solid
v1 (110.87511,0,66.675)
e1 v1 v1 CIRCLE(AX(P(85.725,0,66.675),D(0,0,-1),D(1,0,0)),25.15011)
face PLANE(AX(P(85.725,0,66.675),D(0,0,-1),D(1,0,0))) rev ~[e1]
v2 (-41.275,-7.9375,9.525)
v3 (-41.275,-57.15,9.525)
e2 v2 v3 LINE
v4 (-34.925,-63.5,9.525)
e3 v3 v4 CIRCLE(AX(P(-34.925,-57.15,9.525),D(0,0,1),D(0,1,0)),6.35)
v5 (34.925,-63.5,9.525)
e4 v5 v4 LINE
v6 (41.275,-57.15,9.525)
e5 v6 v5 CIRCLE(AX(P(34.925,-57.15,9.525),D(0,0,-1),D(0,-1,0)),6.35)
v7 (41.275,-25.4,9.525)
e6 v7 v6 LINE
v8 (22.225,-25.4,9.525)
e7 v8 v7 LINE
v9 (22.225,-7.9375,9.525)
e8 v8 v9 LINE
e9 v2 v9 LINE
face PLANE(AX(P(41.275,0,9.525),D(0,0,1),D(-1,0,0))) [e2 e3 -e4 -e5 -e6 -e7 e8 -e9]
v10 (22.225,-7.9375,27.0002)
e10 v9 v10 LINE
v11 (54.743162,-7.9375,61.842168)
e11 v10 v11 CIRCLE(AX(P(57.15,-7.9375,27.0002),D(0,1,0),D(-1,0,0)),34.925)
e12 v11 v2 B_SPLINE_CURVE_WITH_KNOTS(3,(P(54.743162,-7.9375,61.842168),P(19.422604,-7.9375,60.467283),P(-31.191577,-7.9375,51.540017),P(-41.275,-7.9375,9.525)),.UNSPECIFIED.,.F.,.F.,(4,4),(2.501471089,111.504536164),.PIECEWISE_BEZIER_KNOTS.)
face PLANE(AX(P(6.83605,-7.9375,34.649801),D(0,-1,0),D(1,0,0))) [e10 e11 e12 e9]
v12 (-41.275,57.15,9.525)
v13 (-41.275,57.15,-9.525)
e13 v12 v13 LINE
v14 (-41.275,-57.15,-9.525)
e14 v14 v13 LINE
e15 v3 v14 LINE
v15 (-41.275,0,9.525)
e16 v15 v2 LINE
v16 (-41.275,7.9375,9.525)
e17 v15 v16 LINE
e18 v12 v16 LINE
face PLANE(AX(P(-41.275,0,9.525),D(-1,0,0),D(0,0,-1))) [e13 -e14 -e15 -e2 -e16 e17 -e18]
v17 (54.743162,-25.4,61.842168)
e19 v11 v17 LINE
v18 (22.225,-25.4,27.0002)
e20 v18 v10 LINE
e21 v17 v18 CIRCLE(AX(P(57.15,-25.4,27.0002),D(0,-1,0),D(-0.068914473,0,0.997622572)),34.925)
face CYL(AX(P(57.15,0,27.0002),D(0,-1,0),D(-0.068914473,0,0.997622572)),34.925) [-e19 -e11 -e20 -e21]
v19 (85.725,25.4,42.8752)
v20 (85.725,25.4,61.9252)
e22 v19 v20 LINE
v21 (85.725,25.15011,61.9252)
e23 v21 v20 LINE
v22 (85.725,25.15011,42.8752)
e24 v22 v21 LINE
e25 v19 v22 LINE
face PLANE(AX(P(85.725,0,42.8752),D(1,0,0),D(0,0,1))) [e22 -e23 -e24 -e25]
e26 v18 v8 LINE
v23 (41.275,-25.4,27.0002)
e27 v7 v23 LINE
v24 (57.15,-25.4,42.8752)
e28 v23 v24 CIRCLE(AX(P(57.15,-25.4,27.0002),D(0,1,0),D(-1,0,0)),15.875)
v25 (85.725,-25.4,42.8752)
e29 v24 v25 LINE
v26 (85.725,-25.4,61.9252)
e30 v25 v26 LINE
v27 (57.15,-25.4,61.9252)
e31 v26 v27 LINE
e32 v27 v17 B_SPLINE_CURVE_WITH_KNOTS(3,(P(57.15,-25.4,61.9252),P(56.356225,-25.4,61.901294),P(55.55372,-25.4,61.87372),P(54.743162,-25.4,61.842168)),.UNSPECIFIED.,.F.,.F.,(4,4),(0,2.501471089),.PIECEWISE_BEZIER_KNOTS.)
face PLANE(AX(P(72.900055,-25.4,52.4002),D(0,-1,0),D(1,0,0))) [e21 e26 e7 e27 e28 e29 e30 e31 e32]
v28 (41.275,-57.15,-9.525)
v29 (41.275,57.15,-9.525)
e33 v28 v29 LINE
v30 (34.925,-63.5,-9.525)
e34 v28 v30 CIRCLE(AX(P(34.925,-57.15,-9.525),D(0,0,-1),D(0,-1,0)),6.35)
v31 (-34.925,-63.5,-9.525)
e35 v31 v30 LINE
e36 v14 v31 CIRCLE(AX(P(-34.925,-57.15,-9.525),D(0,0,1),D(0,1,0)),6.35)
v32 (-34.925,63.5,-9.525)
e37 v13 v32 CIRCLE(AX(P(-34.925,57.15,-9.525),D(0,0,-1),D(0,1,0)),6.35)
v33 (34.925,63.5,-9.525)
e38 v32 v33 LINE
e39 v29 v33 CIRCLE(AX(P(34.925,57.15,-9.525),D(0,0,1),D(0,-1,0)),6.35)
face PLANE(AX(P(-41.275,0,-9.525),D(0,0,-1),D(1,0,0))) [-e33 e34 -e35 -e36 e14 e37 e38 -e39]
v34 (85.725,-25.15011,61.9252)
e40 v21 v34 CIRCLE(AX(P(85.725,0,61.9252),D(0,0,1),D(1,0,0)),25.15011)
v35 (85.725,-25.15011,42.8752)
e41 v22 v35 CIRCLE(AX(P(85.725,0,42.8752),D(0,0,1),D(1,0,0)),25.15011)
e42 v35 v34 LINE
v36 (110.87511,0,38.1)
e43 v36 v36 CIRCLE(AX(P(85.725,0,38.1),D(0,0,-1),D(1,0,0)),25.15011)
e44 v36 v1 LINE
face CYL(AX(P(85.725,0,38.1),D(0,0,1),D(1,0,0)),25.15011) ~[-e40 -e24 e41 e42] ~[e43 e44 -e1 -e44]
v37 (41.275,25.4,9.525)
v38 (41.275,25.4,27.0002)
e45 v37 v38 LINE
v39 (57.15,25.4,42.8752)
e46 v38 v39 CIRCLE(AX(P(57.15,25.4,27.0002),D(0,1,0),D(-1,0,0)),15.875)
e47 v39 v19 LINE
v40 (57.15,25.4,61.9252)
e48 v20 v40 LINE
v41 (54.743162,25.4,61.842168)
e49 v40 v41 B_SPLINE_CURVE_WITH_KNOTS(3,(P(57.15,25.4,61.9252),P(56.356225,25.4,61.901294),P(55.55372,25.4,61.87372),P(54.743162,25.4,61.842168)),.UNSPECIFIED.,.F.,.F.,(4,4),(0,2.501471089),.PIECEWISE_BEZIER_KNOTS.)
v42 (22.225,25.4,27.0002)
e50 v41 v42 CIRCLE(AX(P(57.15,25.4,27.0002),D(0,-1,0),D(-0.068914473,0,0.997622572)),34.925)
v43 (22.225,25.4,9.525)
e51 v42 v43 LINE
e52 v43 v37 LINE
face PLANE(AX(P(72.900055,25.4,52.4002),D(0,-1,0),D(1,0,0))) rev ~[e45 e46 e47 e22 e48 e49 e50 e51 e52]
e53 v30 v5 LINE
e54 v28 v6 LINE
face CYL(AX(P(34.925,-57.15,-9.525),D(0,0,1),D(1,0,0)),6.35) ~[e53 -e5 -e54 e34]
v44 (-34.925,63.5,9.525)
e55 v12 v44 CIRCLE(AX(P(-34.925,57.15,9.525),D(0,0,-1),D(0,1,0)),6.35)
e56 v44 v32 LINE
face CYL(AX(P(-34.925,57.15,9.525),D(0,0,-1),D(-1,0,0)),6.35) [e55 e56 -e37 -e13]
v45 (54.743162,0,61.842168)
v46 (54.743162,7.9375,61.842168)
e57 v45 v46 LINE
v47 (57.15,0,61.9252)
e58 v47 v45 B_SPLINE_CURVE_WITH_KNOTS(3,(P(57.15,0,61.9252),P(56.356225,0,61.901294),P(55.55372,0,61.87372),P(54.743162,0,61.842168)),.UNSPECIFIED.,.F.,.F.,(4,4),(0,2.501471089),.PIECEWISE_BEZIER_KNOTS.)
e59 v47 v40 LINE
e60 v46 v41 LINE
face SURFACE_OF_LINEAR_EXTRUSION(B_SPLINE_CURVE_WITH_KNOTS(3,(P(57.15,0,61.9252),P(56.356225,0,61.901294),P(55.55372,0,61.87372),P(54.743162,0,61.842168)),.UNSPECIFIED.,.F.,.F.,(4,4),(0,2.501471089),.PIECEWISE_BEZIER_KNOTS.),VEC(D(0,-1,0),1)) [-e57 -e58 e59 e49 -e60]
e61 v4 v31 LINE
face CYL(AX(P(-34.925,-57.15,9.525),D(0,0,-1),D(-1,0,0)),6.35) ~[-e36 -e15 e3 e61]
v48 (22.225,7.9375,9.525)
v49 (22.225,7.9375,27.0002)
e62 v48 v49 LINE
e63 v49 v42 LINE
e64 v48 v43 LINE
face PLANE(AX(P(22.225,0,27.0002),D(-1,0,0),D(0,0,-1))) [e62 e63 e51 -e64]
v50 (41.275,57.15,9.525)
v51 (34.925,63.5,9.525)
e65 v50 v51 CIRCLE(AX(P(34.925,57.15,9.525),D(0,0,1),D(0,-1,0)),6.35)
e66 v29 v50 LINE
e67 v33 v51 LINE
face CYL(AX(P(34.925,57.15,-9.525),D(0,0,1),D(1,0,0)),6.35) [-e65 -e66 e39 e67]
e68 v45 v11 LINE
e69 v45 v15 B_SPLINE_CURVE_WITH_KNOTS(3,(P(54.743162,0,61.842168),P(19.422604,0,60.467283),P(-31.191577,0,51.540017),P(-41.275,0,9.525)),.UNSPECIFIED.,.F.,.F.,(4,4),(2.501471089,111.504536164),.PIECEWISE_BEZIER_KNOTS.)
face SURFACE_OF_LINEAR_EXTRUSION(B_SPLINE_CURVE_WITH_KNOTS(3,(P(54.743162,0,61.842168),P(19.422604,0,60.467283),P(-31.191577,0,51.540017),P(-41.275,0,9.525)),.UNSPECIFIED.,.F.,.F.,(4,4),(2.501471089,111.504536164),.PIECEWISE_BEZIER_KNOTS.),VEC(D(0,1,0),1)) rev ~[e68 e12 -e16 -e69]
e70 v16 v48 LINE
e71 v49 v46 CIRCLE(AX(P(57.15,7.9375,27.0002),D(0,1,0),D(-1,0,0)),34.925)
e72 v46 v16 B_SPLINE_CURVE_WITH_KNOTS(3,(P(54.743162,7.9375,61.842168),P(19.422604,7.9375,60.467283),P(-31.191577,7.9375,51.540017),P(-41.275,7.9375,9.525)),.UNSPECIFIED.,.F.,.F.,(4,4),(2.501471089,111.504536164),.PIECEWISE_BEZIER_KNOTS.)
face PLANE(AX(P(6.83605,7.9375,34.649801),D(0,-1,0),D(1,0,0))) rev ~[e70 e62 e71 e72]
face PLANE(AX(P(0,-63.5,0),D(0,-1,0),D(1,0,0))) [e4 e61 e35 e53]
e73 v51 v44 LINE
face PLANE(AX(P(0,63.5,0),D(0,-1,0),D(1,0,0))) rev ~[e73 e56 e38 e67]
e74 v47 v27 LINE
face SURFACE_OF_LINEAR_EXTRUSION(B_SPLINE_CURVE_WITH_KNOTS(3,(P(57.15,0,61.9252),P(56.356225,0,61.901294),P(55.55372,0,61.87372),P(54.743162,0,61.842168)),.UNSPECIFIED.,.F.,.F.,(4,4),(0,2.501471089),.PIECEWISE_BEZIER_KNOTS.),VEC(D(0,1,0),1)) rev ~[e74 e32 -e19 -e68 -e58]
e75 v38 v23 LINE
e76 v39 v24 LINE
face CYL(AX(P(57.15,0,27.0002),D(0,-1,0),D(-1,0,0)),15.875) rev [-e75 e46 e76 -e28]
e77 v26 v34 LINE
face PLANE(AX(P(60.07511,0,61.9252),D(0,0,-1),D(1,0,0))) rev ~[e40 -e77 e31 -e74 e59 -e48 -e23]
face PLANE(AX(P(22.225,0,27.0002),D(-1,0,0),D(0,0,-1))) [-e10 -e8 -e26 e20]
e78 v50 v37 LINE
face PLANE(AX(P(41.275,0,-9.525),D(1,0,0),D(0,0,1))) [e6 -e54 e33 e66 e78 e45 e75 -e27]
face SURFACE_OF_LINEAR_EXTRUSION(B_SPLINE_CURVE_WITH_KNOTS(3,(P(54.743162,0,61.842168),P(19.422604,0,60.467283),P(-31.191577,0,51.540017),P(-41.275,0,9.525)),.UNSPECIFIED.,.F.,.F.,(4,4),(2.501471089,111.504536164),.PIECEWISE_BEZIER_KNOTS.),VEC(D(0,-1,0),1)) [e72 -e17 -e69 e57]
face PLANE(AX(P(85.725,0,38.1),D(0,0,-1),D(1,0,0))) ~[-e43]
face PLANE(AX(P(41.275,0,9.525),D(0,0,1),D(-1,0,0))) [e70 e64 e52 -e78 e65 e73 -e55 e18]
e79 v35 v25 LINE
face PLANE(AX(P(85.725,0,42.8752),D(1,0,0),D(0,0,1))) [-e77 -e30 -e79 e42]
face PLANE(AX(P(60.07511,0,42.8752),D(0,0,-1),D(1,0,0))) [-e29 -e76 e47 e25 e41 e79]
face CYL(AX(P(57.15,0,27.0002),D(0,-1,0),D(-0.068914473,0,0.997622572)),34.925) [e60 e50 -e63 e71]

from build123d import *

# Parameters (mm, degrees)
F1_DEPTH = 63.5
F2_DEPTH = 25.4
F3_DEPTH = 7.9375
F0_W     = 25.6498904824
F0_H     = 19.05
F4_DEPTH = 25.4
F6_R     = 6.35


with BuildPart() as f1:
    # F0 (on Front) → F1 (new body, symmetric)
    with BuildSketch(Plane.XZ):
        Polygon((41.275, -9.525), (41.275, 9.525), (22.225, 9.525), (-41.275, 9.525), (-41.275, -9.525), align=None)
    extrude(amount=F1_DEPTH, both=True)

    # F0 (on Front) → F2 (join, symmetric)
    with BuildSketch(Plane.XZ):
        with BuildLine():
            Line((22.225, 9.525), (41.275, 9.525))
            Line((41.275, 9.525), (41.275, 27.0002))
            ThreePointArc((41.275, 27.0002), (45.9246798487, 38.2255201513), (57.15, 42.8752))
            Line((57.15, 42.8752), (60.0751095176, 42.8752))
            Line((60.0751095176, 42.8752), (60.0751095176, 61.9252))
            Line((60.0751095176, 61.9252), (57.15, 61.9252))
            add(Edge.make_bspline(
                [(57.15, 61.9252), (56.3562246921, 61.9012944132), (55.5537204814, 61.8737200554), (54.7431620422, 61.8421683147)],
                knots=[0, 0, 0, 0, 2.5014710885, 2.5014710885, 2.5014710885, 2.5014710885], degree=3))
            ThreePointArc((54.7431620422, 61.8421683147), (31.617526161, 50.8297699639), (22.225, 27.0002))
            Line((22.225, 27.0002), (22.225, 9.525))
        make_face()
    extrude(amount=F2_DEPTH, both=True)

    # F0 (on Front) → F3 (join, symmetric)
    with BuildSketch(Plane.XZ):
        with BuildLine():
            Line((-41.275, 9.525), (22.225, 9.525))
            Line((22.225, 9.525), (22.225, 27.0002))
            ThreePointArc((22.225, 27.0002), (31.617526161, 50.8297699639), (54.7431620422, 61.8421683147))
            add(Edge.make_bspline(
                [(54.7431620422, 61.8421683147), (19.4226041922, 60.4672827696), (-31.1915768934, 51.5400171012), (-41.275, 9.525)],
                knots=[2.5014710885, 2.5014710885, 2.5014710885, 2.5014710885, 111.5045361635, 111.5045361635, 111.5045361635, 111.5045361635], degree=3))
        make_face()
    extrude(amount=F3_DEPTH, both=True)

    # F0 (on Front) → F4 (join, symmetric)
    with BuildSketch(Plane.XZ):
        with Locations((72.9000547588, 52.4002)):
            Rectangle(F0_W, F0_H)
    extrude(amount=F4_DEPTH, both=True)

    # F0 (on Front) → F5 (revolve)
    with BuildSketch(Plane.XZ):
        Polygon((85.725, 61.9252), (85.725, 42.8752), (85.725, 38.1), (110.8751095176, 38.1), (110.8751095176, 66.675), (85.725, 66.675), align=None)
    revolve(axis=Axis((85.725, 0, 52.3875), (0, 0, -1)))

    # F6
    f6_edges = [f1.edges().sort_by_distance(p)[0] for p in [
        (41.275, -63.5, 0),
        (-41.275, -63.5, 0),
        (41.275, 63.5, 0),
        (-41.275, 63.5, 0),
    ]]
    fillet(f6_edges, radius=F6_R)


solid = f1.part
